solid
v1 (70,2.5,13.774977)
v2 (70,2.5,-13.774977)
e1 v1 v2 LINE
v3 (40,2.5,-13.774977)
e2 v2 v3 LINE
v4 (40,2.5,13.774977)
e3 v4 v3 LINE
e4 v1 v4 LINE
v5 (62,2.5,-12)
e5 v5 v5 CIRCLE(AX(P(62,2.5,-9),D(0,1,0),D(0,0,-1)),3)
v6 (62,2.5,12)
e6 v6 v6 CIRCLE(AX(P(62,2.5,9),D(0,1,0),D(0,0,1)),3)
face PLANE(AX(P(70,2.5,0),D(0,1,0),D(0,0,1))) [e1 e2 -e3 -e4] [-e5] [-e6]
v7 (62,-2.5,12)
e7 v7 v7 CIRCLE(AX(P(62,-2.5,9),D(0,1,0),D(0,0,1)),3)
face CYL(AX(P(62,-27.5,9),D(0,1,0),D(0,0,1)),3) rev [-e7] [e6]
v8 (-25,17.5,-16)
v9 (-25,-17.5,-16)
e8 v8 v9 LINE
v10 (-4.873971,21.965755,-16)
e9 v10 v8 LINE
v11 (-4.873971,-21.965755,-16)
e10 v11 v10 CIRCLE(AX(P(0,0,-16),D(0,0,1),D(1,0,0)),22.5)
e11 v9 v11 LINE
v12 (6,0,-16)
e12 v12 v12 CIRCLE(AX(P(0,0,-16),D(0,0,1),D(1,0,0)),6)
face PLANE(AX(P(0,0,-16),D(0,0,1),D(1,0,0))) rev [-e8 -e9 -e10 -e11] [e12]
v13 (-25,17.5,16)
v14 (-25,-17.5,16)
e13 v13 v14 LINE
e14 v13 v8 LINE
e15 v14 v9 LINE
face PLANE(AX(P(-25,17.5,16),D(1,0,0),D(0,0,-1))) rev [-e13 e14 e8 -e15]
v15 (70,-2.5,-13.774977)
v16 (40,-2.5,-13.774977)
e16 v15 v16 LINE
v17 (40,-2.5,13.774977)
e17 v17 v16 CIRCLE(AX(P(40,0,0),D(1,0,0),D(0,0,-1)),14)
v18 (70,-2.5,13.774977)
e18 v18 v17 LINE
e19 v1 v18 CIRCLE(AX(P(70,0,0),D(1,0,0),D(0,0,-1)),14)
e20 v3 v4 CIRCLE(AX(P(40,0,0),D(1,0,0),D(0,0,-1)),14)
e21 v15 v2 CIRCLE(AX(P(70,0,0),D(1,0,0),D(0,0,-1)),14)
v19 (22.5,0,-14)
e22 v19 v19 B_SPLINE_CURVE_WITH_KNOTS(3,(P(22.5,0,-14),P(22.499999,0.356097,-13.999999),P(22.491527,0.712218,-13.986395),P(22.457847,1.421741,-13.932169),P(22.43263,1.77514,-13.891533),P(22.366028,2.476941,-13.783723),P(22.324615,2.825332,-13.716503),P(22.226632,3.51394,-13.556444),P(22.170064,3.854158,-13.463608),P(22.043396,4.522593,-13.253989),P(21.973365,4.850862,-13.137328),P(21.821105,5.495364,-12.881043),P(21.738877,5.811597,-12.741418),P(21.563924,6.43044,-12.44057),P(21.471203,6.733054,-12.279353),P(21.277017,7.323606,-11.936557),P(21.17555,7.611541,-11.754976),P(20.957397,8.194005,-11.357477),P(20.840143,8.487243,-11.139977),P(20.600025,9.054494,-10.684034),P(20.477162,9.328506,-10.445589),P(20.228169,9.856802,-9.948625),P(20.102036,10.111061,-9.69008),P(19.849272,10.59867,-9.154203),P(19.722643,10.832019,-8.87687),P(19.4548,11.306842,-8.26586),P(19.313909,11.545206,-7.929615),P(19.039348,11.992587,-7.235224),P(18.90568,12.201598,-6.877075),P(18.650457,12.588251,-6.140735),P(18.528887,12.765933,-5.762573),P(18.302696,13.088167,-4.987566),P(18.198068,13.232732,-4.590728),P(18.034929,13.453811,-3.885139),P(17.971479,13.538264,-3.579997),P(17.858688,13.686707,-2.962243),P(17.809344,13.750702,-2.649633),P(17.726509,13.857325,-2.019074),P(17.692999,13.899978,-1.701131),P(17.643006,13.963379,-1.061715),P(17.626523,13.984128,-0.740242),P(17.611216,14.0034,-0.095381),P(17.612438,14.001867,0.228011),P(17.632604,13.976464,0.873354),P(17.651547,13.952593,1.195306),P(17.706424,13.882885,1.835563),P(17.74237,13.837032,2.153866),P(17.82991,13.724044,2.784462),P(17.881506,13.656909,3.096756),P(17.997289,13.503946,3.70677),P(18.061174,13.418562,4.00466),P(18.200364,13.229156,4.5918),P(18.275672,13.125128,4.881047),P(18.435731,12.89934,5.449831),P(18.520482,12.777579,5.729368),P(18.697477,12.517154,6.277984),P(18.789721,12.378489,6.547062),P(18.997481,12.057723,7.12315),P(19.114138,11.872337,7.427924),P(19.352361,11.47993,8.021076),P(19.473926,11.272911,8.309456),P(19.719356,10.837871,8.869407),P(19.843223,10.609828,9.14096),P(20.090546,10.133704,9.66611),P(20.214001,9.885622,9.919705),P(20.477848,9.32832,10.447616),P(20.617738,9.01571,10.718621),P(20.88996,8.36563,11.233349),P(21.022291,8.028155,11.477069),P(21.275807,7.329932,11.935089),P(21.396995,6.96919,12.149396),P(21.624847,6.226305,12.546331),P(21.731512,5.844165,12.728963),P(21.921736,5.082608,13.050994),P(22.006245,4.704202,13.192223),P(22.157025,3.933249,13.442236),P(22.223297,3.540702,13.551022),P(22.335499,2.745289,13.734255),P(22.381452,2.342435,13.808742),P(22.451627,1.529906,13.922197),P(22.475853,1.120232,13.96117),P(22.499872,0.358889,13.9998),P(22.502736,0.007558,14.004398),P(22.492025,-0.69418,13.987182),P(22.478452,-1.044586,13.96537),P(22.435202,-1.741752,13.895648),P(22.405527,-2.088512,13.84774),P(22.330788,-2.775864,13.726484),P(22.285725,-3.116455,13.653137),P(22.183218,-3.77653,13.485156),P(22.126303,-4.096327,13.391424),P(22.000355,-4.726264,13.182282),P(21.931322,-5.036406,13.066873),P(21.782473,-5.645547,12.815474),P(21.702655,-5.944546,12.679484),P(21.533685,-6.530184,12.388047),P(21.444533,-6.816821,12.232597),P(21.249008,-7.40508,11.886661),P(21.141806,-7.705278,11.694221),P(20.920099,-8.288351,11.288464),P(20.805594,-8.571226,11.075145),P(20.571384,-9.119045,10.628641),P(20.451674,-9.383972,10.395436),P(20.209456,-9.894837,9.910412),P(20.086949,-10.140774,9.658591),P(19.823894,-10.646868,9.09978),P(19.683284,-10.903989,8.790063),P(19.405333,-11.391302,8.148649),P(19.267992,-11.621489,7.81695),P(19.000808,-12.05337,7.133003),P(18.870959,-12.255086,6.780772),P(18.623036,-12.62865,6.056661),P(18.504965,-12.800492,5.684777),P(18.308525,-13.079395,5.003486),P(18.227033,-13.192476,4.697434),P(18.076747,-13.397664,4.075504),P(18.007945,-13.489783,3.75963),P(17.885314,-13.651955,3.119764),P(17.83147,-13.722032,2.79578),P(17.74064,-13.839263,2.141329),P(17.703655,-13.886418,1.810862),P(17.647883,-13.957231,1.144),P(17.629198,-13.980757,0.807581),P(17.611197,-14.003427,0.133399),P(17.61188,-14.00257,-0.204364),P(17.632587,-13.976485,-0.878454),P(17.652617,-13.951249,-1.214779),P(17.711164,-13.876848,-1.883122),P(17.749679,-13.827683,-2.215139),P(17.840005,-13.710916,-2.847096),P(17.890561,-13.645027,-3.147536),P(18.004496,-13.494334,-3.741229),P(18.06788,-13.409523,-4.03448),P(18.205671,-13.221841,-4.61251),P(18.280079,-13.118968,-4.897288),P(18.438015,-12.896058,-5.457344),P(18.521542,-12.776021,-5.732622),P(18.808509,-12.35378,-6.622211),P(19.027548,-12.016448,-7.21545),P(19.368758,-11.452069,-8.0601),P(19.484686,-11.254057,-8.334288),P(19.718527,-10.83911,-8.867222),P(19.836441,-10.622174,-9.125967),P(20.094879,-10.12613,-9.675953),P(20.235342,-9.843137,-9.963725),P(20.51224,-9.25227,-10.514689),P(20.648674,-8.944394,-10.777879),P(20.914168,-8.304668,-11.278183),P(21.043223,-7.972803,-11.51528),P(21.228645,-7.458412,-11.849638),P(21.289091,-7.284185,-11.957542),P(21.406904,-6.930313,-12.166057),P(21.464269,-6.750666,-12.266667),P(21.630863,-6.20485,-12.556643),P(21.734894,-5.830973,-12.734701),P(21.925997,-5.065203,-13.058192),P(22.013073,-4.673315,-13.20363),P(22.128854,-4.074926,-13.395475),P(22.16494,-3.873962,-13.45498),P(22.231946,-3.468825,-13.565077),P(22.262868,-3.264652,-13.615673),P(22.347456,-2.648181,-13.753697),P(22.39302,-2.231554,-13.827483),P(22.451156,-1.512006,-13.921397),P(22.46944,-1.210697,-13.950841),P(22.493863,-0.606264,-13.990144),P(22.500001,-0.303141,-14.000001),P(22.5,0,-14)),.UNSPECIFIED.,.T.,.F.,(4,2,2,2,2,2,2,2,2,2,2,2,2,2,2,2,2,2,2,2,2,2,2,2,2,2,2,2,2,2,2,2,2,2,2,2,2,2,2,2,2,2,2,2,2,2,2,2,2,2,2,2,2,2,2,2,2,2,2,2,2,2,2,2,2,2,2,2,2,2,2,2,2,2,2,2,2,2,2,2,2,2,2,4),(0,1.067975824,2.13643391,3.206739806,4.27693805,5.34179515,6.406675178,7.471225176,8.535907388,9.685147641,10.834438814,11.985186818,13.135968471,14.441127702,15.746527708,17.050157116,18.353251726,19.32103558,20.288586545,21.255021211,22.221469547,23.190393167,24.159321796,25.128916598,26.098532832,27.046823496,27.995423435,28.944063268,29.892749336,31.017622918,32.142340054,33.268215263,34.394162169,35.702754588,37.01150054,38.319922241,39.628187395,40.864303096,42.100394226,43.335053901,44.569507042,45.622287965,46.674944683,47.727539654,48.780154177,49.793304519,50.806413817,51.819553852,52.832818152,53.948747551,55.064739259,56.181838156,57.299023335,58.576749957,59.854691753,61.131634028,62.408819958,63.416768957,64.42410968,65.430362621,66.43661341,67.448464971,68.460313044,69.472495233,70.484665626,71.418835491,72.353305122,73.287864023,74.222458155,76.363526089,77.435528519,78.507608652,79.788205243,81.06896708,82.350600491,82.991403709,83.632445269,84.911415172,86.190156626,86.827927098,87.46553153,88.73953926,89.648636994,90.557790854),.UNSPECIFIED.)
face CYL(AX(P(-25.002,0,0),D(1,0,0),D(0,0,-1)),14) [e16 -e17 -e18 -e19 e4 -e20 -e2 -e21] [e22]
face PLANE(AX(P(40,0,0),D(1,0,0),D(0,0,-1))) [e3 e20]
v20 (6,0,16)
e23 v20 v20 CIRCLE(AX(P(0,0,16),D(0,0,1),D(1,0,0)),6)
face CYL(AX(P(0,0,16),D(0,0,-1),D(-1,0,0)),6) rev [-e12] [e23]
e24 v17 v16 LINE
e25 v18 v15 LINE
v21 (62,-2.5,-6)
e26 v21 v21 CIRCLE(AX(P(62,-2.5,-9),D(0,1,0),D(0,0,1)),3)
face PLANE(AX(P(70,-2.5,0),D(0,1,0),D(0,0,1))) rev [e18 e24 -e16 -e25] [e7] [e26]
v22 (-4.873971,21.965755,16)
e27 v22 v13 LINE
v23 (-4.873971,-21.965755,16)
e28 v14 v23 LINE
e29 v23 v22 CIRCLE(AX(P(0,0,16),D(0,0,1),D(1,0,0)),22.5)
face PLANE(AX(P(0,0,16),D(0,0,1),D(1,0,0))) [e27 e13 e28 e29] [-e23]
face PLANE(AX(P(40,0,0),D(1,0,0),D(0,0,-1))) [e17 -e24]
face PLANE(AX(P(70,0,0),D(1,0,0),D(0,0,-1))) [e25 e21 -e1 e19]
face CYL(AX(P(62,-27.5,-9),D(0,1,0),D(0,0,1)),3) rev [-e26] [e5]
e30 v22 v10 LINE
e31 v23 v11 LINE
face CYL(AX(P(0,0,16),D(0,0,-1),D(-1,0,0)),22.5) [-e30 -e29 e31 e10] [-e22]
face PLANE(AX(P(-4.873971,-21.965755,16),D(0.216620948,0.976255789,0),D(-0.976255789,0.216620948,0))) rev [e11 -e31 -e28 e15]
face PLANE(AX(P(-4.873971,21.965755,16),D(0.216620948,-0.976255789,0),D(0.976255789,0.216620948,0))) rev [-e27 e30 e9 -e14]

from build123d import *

# Parameters (mm, degrees)
IZIM1_R                     = 6
Y_KSEKLIK_EKSTR_ZYON1_DEPTH = 16
Y_KSEKLIK_EKSTR_ZYON2_REACH = 67
IZIM2_R                     = 14
Y_KSEKLIK_EKSTR_ZYON3_DEPTH = 30
IZIM4_R                     = 3
KES_EKSTR_ZYON1_DEPTH       = 30


with BuildPart() as part:
    # Çizim1 → Yükseklik-Ekstrüzyon1 (new body, symmetric)
    with BuildSketch(Plane.XY):
        with BuildLine():
            Line((-25, 17.5), (-25, -17.5))
            Line((-25, -17.5), (-4.873971328, -21.965755245))
            ThreePointArc((-4.873971328, -21.965755245), (22.5, 0), (-4.873971328, 21.965755245))
            Line((-4.873971328, 21.965755245), (-25, 17.5))
        make_face()
        Circle(IZIM1_R, mode=Mode.SUBTRACT)
    extrude(amount=Y_KSEKLIK_EKSTR_ZYON1_DEPTH, both=True)

    # Çizim2 → Yükseklik-Ekstrüzyon2 (add, up to next)
    with BuildSketch(Plane(origin=(40, 0, 0), x_dir=(0, 0, -1), z_dir=(1, 0, 0)), mode=Mode.PRIVATE) as y_kseklik_ekstr_zyon2_sk1:
        Circle(IZIM2_R)
    y_kseklik_ekstr_zyon2_tool1 = extrude(y_kseklik_ekstr_zyon2_sk1.sketch, amount=-Y_KSEKLIK_EKSTR_ZYON2_REACH, mode=Mode.PRIVATE) - part.part
    add(y_kseklik_ekstr_zyon2_tool1.solids().sort_by_distance((40, 0, 0))[0])

    # Çizim3 → Yükseklik-Ekstrüzyon3 (add)
    with BuildSketch(Plane(origin=(40, 0, 0), x_dir=(0, 0, -1), z_dir=(1, 0, 0))):
        with BuildLine():
            ThreePointArc((-13.774977314, 2.5), (-14, 0), (-13.774977314, -2.5))
            Line((-13.774977314, -2.5), (13.774977314, -2.5))
            ThreePointArc((13.774977314, -2.5), (13.943630847, -1.255053307), (14, 0))
            ThreePointArc((14, 0), (13.943630847, 1.255053307), (13.774977314, 2.5))
            Line((13.774977314, 2.5), (-13.774977314, 2.5))
        make_face()
    extrude(amount=Y_KSEKLIK_EKSTR_ZYON3_DEPTH)

    # Çizim4 → Kes-Ekstrüzyon1 (cut)
    with BuildSketch(Plane(origin=(0, 2.5, 0), x_dir=(1, 0, 0), z_dir=(0, 1, 0))):
        with Locations((62, -9)):
            Circle(IZIM4_R)
        with Locations((62, 9)):
            Circle(IZIM4_R)
    extrude(amount=-KES_EKSTR_ZYON1_DEPTH, mode=Mode.SUBTRACT)


solid = part.part
